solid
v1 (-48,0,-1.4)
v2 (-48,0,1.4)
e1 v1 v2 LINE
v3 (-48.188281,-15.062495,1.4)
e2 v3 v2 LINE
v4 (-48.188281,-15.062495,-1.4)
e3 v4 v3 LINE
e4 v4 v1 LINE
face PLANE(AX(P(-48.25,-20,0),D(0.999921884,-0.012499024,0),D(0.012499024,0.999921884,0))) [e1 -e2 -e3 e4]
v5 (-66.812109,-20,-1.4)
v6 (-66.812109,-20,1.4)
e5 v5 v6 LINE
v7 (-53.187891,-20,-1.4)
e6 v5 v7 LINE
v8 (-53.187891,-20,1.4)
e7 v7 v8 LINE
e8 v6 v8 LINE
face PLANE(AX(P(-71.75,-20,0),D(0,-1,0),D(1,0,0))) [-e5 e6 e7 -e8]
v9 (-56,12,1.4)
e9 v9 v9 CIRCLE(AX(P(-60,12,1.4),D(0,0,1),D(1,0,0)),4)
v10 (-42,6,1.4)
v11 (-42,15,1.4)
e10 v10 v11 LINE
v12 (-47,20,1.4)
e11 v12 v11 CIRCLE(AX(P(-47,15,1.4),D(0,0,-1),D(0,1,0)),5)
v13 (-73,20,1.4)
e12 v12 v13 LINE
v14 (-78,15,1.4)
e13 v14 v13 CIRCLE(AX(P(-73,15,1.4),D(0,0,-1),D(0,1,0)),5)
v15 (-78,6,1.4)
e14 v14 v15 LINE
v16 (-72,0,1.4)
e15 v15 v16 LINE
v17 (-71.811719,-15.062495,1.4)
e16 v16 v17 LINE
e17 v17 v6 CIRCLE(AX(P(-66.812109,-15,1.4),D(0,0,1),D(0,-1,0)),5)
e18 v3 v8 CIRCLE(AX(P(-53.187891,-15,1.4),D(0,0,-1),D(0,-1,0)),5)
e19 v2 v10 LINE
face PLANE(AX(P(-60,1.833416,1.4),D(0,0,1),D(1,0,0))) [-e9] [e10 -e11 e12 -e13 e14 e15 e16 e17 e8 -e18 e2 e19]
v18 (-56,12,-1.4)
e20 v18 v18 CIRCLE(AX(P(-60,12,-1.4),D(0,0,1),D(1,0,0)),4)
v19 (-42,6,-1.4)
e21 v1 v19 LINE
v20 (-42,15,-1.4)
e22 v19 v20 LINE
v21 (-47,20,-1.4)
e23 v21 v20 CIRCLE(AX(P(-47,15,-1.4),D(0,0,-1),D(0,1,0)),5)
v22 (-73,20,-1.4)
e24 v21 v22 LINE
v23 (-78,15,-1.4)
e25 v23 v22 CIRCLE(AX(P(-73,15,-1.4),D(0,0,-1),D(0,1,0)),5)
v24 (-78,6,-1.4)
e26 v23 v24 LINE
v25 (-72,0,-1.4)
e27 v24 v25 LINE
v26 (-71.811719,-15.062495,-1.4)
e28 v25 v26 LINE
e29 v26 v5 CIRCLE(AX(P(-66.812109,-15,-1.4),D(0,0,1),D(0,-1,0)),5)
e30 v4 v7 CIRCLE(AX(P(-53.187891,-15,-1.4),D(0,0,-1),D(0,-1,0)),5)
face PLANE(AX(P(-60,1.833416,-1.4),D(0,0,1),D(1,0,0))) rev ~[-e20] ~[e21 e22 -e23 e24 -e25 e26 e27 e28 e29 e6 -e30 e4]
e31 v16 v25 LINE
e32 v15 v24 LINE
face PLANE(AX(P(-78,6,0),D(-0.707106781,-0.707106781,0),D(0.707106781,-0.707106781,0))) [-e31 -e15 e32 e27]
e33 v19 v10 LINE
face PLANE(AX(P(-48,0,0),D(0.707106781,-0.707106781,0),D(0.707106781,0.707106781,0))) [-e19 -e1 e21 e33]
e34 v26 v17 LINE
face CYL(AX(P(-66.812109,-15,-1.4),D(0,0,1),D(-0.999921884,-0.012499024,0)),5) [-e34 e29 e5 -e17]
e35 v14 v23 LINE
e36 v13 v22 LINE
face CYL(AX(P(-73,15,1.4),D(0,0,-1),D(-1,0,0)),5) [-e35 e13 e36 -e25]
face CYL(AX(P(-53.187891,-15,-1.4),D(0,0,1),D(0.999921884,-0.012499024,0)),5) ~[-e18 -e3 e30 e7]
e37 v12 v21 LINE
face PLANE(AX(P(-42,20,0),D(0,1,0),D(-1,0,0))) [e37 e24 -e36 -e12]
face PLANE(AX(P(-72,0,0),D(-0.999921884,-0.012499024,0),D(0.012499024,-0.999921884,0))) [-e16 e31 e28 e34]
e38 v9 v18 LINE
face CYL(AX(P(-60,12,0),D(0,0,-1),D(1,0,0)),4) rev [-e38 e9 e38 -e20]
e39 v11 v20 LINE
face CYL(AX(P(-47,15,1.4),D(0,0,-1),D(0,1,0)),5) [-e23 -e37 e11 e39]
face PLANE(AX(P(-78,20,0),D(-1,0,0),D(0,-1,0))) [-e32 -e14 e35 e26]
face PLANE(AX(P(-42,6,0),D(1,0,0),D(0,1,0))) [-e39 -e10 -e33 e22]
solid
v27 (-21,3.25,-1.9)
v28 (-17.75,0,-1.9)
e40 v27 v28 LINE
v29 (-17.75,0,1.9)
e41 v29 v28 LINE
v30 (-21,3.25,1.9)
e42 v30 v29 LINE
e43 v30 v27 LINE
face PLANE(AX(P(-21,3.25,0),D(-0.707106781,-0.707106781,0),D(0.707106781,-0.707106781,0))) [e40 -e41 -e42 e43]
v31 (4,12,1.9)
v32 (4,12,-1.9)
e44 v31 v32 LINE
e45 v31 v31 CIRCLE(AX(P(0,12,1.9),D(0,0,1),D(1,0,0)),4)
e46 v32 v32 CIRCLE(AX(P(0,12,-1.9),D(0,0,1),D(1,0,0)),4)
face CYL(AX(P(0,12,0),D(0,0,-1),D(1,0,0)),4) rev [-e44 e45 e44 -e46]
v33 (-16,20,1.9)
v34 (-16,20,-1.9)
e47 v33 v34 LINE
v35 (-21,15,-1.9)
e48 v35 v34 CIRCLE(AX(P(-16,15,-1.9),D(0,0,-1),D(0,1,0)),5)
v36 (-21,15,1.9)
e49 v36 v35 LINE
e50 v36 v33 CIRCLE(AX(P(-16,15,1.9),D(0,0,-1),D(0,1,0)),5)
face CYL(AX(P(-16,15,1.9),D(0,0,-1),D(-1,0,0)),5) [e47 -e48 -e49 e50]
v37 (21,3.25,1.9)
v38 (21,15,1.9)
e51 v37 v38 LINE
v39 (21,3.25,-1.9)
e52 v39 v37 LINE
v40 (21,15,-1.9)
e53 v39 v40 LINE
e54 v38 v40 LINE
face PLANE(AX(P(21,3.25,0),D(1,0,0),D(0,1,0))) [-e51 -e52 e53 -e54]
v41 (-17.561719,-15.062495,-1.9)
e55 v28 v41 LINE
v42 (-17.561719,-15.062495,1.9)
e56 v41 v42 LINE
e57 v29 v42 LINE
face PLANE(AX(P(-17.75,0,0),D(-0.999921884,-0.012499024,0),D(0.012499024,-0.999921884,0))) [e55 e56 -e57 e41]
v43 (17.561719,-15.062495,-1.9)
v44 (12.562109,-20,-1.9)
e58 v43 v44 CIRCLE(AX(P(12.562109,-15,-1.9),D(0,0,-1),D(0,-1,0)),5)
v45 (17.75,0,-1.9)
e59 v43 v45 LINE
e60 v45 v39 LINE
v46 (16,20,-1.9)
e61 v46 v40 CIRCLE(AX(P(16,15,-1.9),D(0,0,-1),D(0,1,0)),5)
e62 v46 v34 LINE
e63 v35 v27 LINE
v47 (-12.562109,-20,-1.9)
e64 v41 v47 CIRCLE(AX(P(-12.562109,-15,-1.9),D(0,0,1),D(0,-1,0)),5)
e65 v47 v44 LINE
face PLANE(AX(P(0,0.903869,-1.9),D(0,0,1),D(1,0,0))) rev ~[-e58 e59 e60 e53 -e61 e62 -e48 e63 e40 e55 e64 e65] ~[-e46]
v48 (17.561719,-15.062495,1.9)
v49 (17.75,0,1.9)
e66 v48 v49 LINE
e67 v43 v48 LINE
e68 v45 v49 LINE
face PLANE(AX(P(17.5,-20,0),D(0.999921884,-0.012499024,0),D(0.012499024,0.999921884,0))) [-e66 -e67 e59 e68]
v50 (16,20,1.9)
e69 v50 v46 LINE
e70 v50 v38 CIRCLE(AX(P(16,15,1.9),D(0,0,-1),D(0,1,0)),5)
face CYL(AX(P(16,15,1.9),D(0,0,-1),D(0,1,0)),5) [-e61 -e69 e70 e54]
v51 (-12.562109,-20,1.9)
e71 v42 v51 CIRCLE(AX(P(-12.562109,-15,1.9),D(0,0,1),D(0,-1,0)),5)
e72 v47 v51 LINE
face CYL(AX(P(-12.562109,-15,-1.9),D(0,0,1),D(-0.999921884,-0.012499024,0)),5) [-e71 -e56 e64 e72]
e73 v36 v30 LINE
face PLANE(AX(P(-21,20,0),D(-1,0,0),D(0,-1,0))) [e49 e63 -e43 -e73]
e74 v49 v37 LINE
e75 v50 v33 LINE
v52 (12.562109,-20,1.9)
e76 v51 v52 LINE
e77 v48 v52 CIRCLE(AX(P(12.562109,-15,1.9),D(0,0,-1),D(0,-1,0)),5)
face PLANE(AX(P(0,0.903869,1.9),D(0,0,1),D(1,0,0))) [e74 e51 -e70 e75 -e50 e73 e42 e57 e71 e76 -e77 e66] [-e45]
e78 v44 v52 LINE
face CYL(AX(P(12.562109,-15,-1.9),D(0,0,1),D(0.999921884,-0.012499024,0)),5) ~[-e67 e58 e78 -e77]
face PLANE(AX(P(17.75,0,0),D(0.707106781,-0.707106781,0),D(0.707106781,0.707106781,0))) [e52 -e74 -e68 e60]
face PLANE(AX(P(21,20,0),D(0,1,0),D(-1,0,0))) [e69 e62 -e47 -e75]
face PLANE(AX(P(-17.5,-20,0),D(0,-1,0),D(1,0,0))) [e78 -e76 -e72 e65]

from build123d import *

# Parameters (mm, degrees)
F0_R     = 4
F1_DEPTH = 1.9
F2_R     = 4
F3_DEPTH = 1.4
F4_R     = 5
F4_2_R   = 5


with BuildPart() as f1:
    # F0 (on Top) → F1 (new body, symmetric)
    with BuildSketch(Plane.XY):
        Polygon((-17.75, 0), (-17.5, -20), (17.5, -20), (17.75, 0), (21, 3.25), (21, 20), (-21, 20), (-21, 3.25), align=None)
        with Locations((0, 12)):
            Circle(F0_R, mode=Mode.SUBTRACT)
    extrude(amount=F1_DEPTH, both=True)

    # F4
    f4_edges = [f1.edges().sort_by_distance(p)[0] for p in [
        (-21, 20, 0),
        (21, 20, 0),
        (17.5, -20, 0),
        (-17.5, -20, 0),
    ]]
    fillet(f4_edges, radius=F4_R)


with BuildPart() as f3:
    # F2 (on Top) → F3 (new body, symmetric)
    with BuildSketch(Plane.XY):
        Polygon((-72, 0), (-71.75, -20), (-48.25, -20), (-48, 0), (-42, 6), (-42, 20), (-78, 20), (-78, 6), align=None)
        with Locations((-60, 12)):
            Circle(F2_R, mode=Mode.SUBTRACT)
    extrude(amount=F3_DEPTH, both=True)

    # F4#2
    f4_2_edges = [f3.edges().sort_by_distance(p)[0] for p in [
        (-71.75, -20, 0),
        (-48.25, -20, 0),
        (-42, 20, 0),
        (-78, 20, 0),
    ]]
    fillet(f4_2_edges, radius=F4_2_R)


solid = Compound([f1.part, f3.part])
